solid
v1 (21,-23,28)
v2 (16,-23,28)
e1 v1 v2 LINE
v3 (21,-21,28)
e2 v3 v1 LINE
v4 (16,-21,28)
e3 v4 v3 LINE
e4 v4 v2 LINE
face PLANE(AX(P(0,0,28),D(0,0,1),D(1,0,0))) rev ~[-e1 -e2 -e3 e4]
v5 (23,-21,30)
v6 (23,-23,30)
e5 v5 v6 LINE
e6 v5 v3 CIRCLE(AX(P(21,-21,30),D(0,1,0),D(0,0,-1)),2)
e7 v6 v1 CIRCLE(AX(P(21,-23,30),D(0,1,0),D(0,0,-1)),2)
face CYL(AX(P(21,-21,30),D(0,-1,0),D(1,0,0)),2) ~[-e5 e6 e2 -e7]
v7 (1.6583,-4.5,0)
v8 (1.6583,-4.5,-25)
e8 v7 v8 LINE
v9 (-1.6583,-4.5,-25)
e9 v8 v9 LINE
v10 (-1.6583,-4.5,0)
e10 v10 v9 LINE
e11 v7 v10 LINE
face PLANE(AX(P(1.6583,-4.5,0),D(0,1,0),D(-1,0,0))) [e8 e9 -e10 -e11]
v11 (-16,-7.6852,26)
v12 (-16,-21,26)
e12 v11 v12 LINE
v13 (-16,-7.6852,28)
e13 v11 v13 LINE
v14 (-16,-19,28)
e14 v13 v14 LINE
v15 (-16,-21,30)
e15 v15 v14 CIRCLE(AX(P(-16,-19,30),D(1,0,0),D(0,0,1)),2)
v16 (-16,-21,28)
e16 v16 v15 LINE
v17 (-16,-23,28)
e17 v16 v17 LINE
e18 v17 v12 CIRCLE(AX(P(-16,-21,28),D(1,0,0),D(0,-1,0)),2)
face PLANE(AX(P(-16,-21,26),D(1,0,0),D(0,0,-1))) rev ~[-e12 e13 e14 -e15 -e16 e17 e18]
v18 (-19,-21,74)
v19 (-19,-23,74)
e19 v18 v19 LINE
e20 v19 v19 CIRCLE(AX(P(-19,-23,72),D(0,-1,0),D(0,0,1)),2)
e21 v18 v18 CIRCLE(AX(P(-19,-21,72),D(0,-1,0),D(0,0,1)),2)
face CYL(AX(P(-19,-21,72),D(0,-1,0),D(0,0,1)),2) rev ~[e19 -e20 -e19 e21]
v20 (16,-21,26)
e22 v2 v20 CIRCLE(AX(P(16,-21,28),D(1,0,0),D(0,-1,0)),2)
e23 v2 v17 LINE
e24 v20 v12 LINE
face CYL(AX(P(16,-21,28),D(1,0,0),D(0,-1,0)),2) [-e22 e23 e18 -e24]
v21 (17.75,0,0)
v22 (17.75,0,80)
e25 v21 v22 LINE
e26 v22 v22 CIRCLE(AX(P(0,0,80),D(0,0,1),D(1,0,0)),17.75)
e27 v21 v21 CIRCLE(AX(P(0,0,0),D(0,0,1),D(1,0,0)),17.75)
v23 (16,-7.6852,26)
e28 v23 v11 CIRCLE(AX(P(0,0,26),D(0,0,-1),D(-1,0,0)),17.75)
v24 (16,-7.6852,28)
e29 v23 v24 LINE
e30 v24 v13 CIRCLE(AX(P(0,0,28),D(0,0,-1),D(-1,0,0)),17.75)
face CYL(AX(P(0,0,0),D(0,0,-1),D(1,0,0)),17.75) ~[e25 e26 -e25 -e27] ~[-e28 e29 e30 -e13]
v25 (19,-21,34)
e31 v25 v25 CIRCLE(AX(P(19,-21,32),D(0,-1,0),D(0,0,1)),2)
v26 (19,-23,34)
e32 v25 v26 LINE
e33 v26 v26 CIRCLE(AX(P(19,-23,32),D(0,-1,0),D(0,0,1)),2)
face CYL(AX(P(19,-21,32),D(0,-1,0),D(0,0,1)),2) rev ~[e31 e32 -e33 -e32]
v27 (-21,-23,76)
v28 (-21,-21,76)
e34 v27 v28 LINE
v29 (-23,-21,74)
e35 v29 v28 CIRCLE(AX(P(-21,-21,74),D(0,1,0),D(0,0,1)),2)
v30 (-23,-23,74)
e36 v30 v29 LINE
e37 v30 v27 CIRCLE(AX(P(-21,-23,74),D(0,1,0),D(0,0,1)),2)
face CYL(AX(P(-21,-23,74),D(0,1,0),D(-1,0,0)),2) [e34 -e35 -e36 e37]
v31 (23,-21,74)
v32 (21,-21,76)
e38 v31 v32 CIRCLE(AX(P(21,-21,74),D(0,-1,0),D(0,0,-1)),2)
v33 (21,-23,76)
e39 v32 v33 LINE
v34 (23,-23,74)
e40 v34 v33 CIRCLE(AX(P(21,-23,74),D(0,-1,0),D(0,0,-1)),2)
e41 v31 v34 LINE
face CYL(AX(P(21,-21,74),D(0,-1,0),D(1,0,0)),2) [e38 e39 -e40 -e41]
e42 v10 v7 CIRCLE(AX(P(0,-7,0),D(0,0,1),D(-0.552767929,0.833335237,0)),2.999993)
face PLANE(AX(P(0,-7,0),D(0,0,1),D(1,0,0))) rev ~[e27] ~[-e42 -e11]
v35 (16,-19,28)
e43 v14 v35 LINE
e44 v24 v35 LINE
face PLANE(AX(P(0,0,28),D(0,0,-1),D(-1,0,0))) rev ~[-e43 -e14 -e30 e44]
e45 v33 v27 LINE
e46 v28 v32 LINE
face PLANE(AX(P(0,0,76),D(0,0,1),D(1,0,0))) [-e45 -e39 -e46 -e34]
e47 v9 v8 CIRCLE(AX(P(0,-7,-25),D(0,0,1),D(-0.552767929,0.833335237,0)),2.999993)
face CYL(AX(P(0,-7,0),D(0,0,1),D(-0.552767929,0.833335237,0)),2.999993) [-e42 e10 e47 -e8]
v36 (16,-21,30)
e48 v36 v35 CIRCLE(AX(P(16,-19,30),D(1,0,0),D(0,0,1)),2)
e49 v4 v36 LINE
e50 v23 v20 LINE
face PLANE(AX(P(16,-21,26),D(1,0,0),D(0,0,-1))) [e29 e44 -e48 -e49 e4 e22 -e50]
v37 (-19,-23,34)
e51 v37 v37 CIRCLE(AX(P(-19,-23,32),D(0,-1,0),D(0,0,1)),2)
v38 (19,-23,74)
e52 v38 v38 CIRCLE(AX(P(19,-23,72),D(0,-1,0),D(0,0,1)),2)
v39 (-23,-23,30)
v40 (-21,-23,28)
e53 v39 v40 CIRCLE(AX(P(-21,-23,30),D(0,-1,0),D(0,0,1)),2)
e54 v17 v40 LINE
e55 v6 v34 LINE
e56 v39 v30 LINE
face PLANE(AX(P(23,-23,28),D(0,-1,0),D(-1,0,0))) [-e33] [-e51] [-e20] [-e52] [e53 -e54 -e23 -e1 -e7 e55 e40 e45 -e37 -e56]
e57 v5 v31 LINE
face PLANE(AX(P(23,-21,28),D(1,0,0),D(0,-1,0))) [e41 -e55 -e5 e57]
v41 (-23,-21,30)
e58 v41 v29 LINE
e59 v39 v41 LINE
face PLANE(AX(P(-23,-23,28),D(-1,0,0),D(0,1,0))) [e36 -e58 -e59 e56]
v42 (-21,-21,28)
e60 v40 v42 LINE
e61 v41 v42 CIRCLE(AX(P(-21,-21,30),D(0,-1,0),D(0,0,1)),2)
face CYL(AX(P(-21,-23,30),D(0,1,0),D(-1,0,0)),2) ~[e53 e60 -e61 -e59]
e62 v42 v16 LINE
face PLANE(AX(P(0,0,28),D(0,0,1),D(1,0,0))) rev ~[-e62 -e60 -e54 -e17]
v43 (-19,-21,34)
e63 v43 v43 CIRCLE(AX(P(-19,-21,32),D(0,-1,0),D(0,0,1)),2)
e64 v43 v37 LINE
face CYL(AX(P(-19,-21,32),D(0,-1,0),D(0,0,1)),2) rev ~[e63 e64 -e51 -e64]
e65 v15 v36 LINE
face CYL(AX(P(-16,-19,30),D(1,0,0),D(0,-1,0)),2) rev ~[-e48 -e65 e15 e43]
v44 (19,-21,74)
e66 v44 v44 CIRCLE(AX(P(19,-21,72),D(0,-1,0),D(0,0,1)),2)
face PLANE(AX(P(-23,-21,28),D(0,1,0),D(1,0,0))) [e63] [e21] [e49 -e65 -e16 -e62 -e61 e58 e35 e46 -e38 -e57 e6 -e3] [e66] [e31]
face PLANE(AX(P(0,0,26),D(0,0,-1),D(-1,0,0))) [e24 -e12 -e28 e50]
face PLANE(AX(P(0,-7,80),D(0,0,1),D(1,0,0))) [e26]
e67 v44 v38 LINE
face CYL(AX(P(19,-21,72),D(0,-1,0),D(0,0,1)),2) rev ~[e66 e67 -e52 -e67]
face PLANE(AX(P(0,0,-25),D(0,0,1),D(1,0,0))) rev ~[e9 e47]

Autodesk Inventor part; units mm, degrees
ref_plane "YZ Plane" through (0, 0, 0) normal (1, 0, 0) x (0, 1, 0)
ref_plane "XZ Plane" through (0, 0, 0) normal (0, 1, 0) x (-1, 0, 0)
sketch "Esquisse1" plane through (0, 0, 0) normal (0, 0, 1) x (1, 0, 0)
  arc A0 (-1.6583, -4.5) -> (1.6583, -4.5) centre (0, -7) ccw
  line L0 (1.6583, -4.5) -> (-1.6583, -4.5)
  point P0 (0, 0)
  dimension "d2" = 6
  dimension "d4" = 7
  dimension "d11" = 0.5
extrude "Extrusion1" add sketch "Esquisse1" against normal blind 25
sketch "Esquisse2" plane through (0, -7, 0) normal (0, 0, 1) x (1, 0, 0)
  circle A0 centre (0, 7) radius 17.75
  dimension "d8" = 35.5
extrude "Extrusion2" add sketch "Esquisse2" along normal blind 80
ref_plane "Plan de construction1" through (0, 0, 26) normal (0, 0, -1) x (-1, 0, 0)
sketch "Esquisse3" plane through (0, 0, 26) normal (0, 0, -1) x (-1, 0, 0)
  circle A0 centre (0, 0) radius 17.75 projected
  line L0 (1.6583, -4.5) -> (-1.6583, -4.5) projected
  arc A1 (-1.6583, -4.5) -> (1.6583, -4.5) centre (0, -7) ccw projected
  line L1 (-16, -7.6852) -> (-16, -21)
  line L2 (-16, -21) -> (0, -21)
  line L3 (16, -7.6852) -> (16, -21)
  line L4 (16, -21) -> (0, -21)
  arc A2 (-16, -7.6852) -> (16, -7.6852) centre (0, 0) ccw
  circle A3 centre (0, 0) radius 17.75 projected
  line L5 (-3, -7) -> (0, -7)
  line L6 (0, -4.5) -> (0, -7)
  dimension "d14" = 16
extrude "Extrusion3" add sketch "Esquisse3" against normal blind 2 contours A0 L3 L4 L2 L1
sketch "Esquisse4" plane through (0, 0, 28) normal (0, 0, 1) x (1, 0, 0)
  line L0 (-23, -21) -> (23, -21)
  line L1 (23, -21) -> (23, -23)
  line L2 (23, -23) -> (-23, -23)
  line L3 (-23, -23) -> (-23, -21)
  point P0 (0, 0)
  dimension "d18" = 2
  dimension "d19" = 46
extrude "Extrusion4" add sketch "Esquisse4" along normal blind 48
fillet "Congé1" radius 2 4 edges at (-23, -22, 28) (-23, -22, 76) (23, -22, 76) (23, -22, 28)
sketch "Esquisse5" plane through (16, -21, 26) normal (1, 0, 0) x (0, 0, -1)
  arc A0 (-2, -2) -> (0, 0) centre (-2, 0) ccw
  line L0 (-2, 0) -> (-2, -2)
  line L1 (-2, -2) -> (-2, 0) projected
  line L2 (-2, 0) -> (0, 0)
  line L3 (0, 0) -> (-2, 0) projected
  point P0 (26, 21)
extrude "Extrusion5" add sketch "Esquisse5" against normal blind 32
fillet "Congé2" radius 2 1 edges at (0, -21, 28)
sketch "Esquisse6" plane through (-21, -21, 28) normal (0, 1, 0) x (1, 0, 0)
  line L0 (40, -4) -> (2, -4)
  line L1 (2, -4) -> (2, -44)
  line L2 (2, -44) -> (40, -44)
  line L3 (40, -44) -> (40, -4)
  line L4 (44, -2) -> (44, -46) projected
  line L5 (42, 0) -> (37, 0) projected
  line L6 (42, -48) -> (0, -48) projected
  line L7 (-2, -2) -> (-2, -46) projected
  point P0 (21, 28)
  dimension "d28" = 4
  dimension "d29" = 4
  dimension "d30" = 4
  dimension "d31" = 4
hole "Perçage1" at (-19, -21, 32) at (-19, -21, 72) at (19, -21, 72) at (19, -21, 32) direction (0, -1, 0) diameter 4 end through all
properties part number "Moteur"
